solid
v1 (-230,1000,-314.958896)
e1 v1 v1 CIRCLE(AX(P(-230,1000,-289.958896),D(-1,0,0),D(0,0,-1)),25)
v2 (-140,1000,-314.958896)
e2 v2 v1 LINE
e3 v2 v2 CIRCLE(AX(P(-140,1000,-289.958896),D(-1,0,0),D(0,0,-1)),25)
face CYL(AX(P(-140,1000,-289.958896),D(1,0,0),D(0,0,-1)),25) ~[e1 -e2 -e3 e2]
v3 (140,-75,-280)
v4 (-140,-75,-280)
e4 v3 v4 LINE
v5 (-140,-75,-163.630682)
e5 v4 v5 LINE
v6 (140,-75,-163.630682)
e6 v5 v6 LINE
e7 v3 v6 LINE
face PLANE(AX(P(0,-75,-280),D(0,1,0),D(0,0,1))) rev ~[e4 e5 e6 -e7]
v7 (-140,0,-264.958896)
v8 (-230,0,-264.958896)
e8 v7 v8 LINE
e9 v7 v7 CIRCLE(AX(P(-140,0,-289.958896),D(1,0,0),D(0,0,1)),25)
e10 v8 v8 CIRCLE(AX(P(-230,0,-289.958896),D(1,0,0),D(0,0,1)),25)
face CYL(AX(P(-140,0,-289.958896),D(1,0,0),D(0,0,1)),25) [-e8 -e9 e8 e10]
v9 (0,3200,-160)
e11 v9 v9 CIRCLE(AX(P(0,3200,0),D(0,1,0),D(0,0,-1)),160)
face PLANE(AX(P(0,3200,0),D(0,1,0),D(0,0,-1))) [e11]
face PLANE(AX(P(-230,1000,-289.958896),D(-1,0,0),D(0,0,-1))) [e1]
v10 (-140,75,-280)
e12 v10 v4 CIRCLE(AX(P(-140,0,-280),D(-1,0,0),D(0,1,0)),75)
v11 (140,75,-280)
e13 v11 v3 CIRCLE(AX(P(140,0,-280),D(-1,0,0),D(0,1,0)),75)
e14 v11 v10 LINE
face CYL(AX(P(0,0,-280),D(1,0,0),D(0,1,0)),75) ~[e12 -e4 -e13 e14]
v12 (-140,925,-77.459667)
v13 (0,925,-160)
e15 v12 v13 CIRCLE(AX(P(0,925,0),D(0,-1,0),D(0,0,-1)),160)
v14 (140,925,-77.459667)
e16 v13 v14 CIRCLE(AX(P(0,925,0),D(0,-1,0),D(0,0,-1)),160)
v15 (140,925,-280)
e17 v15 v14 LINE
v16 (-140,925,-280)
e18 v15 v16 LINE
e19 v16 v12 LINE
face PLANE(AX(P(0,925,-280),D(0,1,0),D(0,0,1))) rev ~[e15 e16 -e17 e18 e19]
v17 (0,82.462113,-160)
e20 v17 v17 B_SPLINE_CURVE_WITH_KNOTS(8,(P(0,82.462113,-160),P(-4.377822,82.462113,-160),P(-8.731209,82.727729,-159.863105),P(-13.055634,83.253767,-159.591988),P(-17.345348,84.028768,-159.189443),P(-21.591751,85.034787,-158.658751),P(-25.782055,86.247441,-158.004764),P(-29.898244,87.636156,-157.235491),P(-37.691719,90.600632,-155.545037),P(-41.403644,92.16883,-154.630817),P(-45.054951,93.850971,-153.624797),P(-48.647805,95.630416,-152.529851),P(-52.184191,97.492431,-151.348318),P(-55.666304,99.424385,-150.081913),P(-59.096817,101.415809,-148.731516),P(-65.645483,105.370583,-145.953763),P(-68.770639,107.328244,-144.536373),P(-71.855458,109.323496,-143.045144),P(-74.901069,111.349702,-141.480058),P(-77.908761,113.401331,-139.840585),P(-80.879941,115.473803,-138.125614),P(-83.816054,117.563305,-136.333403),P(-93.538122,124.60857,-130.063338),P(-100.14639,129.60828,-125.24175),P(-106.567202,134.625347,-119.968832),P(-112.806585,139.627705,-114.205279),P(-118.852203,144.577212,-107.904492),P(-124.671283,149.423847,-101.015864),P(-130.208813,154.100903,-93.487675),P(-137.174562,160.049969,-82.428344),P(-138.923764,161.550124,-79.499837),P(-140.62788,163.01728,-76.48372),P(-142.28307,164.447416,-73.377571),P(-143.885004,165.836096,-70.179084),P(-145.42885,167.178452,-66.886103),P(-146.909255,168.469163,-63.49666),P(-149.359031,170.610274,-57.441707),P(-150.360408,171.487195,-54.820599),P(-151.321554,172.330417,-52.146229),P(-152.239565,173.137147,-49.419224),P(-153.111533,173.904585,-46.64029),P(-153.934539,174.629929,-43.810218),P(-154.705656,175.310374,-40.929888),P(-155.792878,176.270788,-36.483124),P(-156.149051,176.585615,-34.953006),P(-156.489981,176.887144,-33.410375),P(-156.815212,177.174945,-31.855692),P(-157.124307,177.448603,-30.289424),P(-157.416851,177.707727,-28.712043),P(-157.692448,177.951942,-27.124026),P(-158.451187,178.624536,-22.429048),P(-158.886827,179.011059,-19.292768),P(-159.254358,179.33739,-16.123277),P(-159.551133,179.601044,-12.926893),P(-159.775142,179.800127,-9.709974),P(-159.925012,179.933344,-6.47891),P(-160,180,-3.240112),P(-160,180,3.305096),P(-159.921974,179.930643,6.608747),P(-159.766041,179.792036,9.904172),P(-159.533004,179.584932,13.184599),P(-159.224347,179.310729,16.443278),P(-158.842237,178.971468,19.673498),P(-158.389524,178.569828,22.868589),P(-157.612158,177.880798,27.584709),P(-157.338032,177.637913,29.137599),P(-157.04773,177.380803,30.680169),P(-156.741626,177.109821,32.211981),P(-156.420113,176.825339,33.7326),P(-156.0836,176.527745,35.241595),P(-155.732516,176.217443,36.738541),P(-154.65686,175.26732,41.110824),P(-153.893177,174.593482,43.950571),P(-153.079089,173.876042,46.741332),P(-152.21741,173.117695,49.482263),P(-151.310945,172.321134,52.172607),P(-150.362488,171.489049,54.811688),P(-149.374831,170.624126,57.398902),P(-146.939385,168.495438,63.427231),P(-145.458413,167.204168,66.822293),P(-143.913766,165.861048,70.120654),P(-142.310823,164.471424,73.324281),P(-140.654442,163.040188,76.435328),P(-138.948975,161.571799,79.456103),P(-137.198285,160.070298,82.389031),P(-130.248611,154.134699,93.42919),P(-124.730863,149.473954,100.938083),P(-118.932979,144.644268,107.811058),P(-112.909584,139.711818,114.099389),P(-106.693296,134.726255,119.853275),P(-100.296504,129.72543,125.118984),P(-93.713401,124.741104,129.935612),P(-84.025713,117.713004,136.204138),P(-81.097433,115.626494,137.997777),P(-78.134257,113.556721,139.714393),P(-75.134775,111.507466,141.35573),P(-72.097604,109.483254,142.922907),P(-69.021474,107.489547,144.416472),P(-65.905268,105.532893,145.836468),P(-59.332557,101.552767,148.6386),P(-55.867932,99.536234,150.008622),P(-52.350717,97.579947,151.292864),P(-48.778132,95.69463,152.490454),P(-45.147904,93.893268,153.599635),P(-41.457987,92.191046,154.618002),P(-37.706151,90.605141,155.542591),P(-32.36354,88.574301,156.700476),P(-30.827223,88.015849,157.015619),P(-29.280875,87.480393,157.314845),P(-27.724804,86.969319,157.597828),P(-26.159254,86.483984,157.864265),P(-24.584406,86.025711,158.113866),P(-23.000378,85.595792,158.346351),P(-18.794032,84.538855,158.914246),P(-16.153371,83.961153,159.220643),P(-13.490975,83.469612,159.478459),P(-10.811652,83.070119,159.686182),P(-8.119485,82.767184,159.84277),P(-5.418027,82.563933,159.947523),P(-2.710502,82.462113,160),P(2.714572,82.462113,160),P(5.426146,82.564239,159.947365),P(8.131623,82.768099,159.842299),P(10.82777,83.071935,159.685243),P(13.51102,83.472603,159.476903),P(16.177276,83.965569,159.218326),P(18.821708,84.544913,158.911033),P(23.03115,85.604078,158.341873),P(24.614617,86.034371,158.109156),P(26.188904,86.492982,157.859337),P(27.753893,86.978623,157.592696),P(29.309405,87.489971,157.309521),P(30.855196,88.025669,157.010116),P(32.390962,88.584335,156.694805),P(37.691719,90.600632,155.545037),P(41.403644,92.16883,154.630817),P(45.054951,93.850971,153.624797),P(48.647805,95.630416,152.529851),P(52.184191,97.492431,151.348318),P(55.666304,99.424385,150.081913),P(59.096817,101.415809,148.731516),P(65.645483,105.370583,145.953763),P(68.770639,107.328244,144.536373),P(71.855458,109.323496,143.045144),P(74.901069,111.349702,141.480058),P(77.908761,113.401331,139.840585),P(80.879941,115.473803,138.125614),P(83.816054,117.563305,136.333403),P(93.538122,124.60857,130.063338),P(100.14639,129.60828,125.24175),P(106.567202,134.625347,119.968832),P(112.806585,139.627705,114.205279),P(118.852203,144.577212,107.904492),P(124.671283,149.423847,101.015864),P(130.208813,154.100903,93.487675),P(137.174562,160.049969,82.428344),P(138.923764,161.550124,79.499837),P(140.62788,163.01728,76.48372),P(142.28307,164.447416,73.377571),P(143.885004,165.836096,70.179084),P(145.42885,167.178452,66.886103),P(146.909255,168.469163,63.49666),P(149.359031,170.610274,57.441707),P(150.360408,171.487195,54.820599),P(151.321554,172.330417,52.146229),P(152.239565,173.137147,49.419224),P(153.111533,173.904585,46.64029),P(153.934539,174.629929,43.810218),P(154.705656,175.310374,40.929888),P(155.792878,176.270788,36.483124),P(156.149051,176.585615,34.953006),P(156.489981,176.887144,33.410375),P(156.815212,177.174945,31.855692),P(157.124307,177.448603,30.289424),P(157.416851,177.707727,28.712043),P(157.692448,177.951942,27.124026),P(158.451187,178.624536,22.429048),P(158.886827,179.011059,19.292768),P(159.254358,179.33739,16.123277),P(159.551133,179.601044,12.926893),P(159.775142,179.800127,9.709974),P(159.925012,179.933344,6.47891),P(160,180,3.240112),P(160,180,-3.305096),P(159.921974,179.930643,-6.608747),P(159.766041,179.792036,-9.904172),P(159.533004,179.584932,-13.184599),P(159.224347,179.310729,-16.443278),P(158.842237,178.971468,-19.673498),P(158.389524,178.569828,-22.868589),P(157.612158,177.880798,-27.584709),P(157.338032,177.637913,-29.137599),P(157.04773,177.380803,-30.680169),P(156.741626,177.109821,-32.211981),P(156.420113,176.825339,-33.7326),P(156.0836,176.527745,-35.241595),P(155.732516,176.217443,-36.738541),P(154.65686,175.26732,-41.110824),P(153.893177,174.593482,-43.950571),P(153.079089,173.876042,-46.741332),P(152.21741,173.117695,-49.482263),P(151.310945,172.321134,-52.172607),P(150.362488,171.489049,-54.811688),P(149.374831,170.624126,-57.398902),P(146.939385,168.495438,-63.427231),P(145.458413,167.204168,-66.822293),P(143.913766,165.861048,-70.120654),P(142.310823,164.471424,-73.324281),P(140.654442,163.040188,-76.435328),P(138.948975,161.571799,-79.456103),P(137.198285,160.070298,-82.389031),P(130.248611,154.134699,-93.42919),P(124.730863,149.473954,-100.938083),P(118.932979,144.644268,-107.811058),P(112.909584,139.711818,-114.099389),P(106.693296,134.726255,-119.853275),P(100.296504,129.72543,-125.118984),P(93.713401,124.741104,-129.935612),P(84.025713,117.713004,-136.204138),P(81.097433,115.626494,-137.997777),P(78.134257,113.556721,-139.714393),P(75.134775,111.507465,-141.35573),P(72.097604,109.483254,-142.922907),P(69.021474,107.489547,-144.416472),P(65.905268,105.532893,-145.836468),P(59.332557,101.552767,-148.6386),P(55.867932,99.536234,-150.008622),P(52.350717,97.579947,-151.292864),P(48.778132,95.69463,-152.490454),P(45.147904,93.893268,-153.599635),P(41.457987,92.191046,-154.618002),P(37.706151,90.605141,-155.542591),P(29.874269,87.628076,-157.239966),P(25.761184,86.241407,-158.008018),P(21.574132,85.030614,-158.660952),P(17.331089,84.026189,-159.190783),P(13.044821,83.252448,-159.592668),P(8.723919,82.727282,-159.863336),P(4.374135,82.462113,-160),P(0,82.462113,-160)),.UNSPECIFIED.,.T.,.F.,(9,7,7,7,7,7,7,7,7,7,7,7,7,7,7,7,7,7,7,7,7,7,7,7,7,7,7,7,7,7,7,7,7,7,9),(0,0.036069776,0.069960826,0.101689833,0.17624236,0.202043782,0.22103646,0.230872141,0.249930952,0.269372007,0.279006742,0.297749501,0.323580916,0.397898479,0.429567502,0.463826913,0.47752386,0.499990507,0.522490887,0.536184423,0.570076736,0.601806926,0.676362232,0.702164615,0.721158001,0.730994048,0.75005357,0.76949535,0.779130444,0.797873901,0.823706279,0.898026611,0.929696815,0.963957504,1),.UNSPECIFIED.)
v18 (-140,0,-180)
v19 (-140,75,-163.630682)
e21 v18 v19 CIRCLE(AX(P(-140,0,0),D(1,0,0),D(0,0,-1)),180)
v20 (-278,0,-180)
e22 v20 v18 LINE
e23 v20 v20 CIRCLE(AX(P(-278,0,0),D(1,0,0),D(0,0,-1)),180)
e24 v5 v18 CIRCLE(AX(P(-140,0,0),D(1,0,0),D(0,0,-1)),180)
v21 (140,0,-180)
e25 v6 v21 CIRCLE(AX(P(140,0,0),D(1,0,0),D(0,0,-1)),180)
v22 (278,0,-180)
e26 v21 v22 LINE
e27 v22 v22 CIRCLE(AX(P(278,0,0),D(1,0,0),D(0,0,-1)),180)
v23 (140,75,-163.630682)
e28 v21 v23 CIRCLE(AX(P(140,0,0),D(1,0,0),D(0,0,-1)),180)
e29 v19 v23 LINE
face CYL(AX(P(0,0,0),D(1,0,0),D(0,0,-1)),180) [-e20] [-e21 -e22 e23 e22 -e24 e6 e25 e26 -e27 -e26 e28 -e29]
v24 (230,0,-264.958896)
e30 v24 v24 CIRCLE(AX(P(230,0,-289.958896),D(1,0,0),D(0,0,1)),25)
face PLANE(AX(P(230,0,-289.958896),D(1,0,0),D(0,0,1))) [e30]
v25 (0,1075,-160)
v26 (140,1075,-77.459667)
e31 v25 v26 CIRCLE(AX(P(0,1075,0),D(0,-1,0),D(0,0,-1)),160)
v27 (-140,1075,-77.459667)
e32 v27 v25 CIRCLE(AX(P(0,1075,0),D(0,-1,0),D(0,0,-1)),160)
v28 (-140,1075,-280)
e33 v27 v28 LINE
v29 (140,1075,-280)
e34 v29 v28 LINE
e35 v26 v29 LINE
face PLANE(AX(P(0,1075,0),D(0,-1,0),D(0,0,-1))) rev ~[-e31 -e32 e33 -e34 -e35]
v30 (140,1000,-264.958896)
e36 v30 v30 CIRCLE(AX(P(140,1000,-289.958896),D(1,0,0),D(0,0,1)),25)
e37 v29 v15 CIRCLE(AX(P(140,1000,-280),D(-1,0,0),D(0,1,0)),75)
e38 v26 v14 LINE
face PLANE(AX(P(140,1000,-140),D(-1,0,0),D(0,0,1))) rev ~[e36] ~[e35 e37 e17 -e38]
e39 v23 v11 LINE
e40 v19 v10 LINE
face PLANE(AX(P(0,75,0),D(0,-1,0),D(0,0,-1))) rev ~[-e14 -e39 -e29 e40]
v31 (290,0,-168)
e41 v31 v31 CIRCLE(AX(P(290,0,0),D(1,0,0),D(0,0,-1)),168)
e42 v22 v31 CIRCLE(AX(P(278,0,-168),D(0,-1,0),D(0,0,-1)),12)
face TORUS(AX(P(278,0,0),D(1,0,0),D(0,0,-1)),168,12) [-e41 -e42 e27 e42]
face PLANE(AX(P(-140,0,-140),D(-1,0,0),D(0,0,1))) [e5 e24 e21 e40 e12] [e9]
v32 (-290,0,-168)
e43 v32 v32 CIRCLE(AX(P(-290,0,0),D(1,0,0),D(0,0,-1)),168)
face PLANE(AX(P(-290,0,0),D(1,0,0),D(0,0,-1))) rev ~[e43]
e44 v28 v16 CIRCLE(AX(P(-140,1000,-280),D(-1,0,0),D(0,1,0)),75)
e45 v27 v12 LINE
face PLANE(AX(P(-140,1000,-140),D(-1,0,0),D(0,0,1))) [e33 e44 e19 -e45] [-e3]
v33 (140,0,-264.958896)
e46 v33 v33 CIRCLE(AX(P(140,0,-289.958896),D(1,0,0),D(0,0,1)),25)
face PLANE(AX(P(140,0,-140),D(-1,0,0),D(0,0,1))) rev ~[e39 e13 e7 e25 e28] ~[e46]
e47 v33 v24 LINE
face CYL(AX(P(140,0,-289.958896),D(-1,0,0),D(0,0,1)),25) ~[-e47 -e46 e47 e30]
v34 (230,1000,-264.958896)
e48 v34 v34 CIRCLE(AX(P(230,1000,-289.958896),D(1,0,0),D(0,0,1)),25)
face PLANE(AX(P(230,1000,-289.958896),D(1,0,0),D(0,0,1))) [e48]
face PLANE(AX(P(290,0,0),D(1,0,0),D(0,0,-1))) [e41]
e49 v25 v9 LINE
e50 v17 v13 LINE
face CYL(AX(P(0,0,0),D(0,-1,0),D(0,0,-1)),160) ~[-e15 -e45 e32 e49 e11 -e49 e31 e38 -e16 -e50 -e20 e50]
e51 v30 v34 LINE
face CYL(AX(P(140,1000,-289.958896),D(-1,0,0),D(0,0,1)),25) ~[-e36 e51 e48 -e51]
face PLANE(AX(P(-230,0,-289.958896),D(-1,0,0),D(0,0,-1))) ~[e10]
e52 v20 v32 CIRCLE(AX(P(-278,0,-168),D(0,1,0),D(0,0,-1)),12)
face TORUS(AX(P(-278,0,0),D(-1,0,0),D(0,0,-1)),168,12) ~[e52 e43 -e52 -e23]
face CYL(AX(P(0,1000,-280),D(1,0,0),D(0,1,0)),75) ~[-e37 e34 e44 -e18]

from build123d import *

# Parameters (mm, degrees)
ESQUISSE2_R                          = 180
BOSS_EXTRU_1_DEPTH                   = 290
CONG_1_R                             = 12
ESQUISSE3_R                          = 160
BOSS_EXTRU_2_DEPTH                   = 3200
BOSS_EXTRU_3_DEPTH                   = 140
ESQUISSE5_R                          = 25
BOSS_EXTRU_4_DEPTH                   = 90
R_P_TITION_LIN_AIRE2_COUNT           = 2
R_P_TITION_LIN_AIRE2_PITCH           = 1000
R_P_TITION_LIN_AIRE2_COPY_1_SKETCH_R = 25
R_P_TITION_LIN_AIRE2_COPY_1_DEPTH    = 90


with BuildPart() as part:
    # Esquisse2 → Boss.-Extru.1 (new, symmetric)
    with BuildSketch(Plane(origin=(0, 0, 0), x_dir=(0, 0, -1), z_dir=(1, 0, 0))):
        Circle(ESQUISSE2_R)
    extrude(amount=BOSS_EXTRU_1_DEPTH, both=True)

    # Congé1
    cong_1_edges = [part.edges().sort_by_distance(p)[0] for p in [
        (-290, 0, 180),
        (290, 0, 180),
    ]]
    fillet(cong_1_edges, radius=CONG_1_R)

    # Esquisse3 → Boss.-Extru.2 (add)
    with BuildSketch(Plane(origin=(0, 0, 0), x_dir=(1, 0, 0), z_dir=(0, 1, 0))):
        with Locations(Location((0, 0, 0), (0, 0, 90))):
            Circle(ESQUISSE3_R)
    extrude(amount=BOSS_EXTRU_2_DEPTH)

    # Esquisse4 → Boss.-Extru.3 (add, symmetric)
    with BuildSketch(Plane(origin=(0, 0, 0), x_dir=(0, 0, -1), z_dir=(1, 0, 0))):
        with BuildLine():
            Line((0, 75), (280, 75))
            ThreePointArc((280, 75), (355, 0), (280, -75))
            Line((280, -75), (0, -75))
            ThreePointArc((0, -75), (-75, 0), (0, 75))
        make_face()
    boss_extru_3 = extrude(amount=BOSS_EXTRU_3_DEPTH, both=True)

    # Esquisse5 → Boss.-Extru.4 (add)
    with BuildSketch(Plane(origin=(140, 0, 0), x_dir=(0, 0, -1), z_dir=(1, 0, 0))):
        with Locations(Location((289.958895705, 0, 0), (0, 0, 180))):
            Circle(ESQUISSE5_R)
    boss_extru_4 = extrude(amount=BOSS_EXTRU_4_DEPTH)

    # Symétrie1: Boss.-Extru.4 across plane
    add(boss_extru_4.mirror(Plane(origin=(0, 0, 0), x_dir=(0, 0, 1), z_dir=(1, 0, 0))))

    # Répétition linéaire2: Boss.-Extru.3, Boss.-Extru.4 ×2
    with Locations(*[(0, i * R_P_TITION_LIN_AIRE2_PITCH, 0) for i in range(1, R_P_TITION_LIN_AIRE2_COUNT)]):
        add(boss_extru_3)
        add(boss_extru_4)

    # Répétition linéaire2 copy 1 sketch → Répétition linéaire2 copy 1 (add)
    with BuildSketch(Plane(origin=(-140, 1000, 0), x_dir=(0, 0, -1), z_dir=(-1, 0, 0))):
        with Locations((289.958895705, 0)):
            Circle(R_P_TITION_LIN_AIRE2_COPY_1_SKETCH_R)
    extrude(amount=R_P_TITION_LIN_AIRE2_COPY_1_DEPTH)


solid = part.part
